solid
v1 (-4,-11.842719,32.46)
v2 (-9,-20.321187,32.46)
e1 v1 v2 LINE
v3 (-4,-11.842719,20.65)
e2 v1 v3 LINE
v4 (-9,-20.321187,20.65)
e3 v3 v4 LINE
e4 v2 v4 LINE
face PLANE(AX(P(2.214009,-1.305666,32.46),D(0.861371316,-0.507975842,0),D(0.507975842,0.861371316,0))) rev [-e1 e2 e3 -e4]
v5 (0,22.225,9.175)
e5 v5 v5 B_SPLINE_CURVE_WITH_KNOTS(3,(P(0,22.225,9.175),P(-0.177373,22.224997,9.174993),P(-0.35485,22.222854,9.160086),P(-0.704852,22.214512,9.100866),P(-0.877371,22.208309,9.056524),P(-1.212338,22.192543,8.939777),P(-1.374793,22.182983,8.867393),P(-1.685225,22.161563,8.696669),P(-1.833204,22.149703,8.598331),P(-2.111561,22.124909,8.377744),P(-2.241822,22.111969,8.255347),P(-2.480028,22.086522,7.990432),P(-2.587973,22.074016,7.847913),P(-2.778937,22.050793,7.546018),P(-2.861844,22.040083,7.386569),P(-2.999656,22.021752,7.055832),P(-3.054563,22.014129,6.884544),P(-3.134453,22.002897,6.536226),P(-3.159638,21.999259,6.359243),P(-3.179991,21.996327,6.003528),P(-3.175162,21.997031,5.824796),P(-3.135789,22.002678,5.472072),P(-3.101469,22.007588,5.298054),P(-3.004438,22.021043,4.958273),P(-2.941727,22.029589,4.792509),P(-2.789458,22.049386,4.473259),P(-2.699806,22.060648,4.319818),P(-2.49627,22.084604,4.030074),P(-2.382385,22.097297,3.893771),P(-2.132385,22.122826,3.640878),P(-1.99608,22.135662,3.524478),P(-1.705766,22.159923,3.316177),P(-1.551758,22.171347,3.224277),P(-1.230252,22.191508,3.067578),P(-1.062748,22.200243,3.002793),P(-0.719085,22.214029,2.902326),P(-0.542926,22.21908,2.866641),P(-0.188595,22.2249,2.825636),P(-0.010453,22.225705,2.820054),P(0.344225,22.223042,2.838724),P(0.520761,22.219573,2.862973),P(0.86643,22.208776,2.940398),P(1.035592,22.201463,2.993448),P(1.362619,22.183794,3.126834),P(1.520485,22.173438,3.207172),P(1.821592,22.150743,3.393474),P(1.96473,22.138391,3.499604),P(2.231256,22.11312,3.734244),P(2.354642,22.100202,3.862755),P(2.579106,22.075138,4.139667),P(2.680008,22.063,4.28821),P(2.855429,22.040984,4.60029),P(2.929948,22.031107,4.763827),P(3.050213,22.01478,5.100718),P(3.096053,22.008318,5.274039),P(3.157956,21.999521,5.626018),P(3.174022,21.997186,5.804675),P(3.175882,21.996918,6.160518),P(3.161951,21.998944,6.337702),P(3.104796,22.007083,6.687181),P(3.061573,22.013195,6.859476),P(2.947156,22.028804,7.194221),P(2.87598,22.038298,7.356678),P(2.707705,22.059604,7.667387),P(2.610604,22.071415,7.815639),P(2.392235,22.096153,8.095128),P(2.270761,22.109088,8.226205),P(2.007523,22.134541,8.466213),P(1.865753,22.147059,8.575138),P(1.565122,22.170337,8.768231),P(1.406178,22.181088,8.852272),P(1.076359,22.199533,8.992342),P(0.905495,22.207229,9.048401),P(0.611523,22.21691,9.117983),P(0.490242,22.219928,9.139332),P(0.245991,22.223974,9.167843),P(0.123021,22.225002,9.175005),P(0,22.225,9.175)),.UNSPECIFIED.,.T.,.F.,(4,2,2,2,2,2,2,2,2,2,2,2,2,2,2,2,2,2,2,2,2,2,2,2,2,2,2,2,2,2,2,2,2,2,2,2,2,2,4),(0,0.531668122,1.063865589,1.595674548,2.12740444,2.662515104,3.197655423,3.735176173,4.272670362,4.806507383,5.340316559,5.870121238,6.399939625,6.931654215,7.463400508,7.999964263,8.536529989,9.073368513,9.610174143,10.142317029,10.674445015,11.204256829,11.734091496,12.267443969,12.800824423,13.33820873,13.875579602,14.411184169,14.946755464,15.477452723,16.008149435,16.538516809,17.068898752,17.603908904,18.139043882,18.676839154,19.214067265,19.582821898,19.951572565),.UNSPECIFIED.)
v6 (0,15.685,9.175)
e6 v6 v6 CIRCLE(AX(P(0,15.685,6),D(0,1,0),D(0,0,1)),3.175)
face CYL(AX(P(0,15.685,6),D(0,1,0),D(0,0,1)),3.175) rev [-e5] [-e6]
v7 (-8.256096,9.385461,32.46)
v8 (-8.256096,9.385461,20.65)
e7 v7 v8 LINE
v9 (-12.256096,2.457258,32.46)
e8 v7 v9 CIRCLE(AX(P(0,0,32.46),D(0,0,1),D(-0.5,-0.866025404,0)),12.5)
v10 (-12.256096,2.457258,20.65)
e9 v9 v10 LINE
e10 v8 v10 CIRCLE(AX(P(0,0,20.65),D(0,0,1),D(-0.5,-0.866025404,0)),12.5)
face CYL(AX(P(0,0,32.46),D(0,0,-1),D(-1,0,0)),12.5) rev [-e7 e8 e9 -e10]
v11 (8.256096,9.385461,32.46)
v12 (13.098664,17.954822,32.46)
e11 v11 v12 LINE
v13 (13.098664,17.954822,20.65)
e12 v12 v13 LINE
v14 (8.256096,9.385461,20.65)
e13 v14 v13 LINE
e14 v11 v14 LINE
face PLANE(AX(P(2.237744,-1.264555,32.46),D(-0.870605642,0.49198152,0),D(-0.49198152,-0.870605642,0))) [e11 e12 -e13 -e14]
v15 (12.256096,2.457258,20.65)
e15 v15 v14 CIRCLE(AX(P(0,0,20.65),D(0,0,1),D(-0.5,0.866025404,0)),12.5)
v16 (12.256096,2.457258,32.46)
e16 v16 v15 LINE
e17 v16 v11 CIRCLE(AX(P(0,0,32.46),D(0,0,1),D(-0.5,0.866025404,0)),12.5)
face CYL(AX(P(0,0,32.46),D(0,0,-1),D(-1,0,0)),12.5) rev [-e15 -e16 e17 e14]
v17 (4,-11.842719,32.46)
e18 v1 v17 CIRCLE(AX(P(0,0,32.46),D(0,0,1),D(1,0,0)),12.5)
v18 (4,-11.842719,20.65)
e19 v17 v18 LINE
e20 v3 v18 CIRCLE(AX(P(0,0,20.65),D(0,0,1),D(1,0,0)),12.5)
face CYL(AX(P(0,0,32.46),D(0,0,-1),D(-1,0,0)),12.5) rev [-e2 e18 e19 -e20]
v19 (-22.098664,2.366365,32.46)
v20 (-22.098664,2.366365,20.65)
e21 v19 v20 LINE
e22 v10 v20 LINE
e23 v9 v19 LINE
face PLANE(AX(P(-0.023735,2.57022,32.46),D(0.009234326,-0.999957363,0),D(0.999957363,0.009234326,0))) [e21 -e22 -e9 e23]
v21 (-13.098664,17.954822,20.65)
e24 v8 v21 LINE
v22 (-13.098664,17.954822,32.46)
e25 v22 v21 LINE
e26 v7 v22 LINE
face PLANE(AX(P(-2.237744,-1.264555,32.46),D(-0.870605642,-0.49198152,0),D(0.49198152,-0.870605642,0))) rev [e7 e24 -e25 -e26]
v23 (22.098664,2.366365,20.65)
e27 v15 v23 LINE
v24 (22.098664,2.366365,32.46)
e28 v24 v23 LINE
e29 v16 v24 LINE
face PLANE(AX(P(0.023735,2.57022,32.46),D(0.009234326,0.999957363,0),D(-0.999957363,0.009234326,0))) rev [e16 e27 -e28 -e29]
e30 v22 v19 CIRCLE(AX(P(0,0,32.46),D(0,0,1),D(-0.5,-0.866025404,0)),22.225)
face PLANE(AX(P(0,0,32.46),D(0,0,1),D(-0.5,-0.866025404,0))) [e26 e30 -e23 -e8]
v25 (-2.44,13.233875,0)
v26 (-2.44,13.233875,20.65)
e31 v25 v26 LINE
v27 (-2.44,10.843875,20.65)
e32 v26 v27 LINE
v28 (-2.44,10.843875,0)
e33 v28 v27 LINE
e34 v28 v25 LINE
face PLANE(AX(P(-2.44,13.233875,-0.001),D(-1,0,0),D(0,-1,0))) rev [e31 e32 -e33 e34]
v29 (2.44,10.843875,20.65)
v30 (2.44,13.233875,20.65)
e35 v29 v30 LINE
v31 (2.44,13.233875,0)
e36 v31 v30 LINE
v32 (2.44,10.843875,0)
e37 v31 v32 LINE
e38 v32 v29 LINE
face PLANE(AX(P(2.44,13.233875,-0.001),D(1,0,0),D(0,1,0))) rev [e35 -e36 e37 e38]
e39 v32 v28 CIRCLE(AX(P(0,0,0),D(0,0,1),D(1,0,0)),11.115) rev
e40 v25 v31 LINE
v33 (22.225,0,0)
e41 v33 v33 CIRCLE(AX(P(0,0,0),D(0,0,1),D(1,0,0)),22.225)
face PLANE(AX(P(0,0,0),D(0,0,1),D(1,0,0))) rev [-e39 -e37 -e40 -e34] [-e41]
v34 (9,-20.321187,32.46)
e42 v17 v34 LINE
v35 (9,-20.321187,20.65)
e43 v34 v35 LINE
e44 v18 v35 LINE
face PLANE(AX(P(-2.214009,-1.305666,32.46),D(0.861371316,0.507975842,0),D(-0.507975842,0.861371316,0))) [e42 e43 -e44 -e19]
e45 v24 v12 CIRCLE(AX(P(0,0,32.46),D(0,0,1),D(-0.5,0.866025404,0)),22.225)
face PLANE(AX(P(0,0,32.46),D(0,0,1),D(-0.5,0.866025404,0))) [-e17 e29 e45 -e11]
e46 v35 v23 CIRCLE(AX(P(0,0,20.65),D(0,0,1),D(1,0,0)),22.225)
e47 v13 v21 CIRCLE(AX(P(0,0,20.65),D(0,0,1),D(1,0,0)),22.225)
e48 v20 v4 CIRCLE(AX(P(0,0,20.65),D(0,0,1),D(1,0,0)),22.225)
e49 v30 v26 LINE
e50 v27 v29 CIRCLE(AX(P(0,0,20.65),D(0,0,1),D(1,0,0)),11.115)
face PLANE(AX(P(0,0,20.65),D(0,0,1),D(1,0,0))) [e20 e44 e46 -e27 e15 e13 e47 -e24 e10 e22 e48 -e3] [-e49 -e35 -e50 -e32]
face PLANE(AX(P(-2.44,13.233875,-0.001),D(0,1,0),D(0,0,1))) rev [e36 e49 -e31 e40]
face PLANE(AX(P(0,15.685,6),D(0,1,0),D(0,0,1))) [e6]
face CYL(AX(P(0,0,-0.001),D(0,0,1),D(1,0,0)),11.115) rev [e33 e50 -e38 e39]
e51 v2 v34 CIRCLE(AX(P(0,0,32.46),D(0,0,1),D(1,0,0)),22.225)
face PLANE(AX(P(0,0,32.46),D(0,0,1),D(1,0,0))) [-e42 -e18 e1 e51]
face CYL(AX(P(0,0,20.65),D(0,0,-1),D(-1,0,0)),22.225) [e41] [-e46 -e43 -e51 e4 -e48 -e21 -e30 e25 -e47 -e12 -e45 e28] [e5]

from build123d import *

# Parameters (mm, degrees)
SZKIC1_R                    = 22.225
DODANIE_WYCI_GNI_CIE1_DEPTH = 20.65
WYTNIJ_WYCI_GNI_CIE1_REACH  = 39.607
DODANIE_WYCI_GNI_CIE2_DEPTH = 11.81
SZYK_KO_OWY1_COUNT          = 3
SZKIC4_R                    = 3.175
WYTNIJ_WYCI_GNI_CIE2_DEPTH  = 6.54


with BuildPart() as part:
    # Szkic1 → Dodanie-wyciągnięcie1 (new body)
    with BuildSketch(Plane.XY):
        with Locations(Location((0, 0, 0), (0, 0, 180))):
            Circle(SZKIC1_R)
    extrude(amount=DODANIE_WYCI_GNI_CIE1_DEPTH)

    # Szkic2 → Wytnij-wyciągnięcie1 (cut, up to next)
    with BuildSketch(Plane.XY.offset(20.65), mode=Mode.PRIVATE) as wytnij_wyci_gni_cie1_sk1:
        with BuildLine():
            Line((-2.44, 13.233874999), (2.44, 13.233874999))
            Line((2.44, 13.233874999), (2.44, 10.843874999))
            ThreePointArc((2.44, 10.843874999), (0, -11.115), (-2.44, 10.843874999))
            Line((-2.44, 10.843874999), (-2.44, 13.233874999))
        make_face()
    wytnij_wyci_gni_cie1_tool1 = extrude(wytnij_wyci_gni_cie1_sk1.sketch, amount=-WYTNIJ_WYCI_GNI_CIE1_REACH, mode=Mode.PRIVATE) & part.part
    add(wytnij_wyci_gni_cie1_tool1.solids().sort_by_distance((0, 0.327718, 20.65))[0], mode=Mode.SUBTRACT)

    # Szkic3 → Dodanie-wyciągnięcie2 (add)
    with BuildSketch(Plane.XY.offset(20.65)):
        with BuildLine():
            ThreePointArc((0, -12.5), (-2.026821276, -12.33458534), (-4, -11.842719282))
            Line((-4, -11.842719282), (-9, -20.321186604))
            ThreePointArc((-9, -20.321186604), (-4.599578933, -21.743838176), (0, -22.225))
            Line((0, -22.225), (0, -12.5))
        make_face()
        with BuildLine():
            ThreePointArc((4, -11.842719282), (2.026821276, -12.33458534), (0, -12.5))
            Line((0, -12.5), (0, -22.225))
            ThreePointArc((0, -22.225), (4.599578933, -21.743838176), (9, -20.321186604))
            Line((9, -20.321186604), (4, -11.842719282))
        make_face()
    dodanie_wyci_gni_cie2 = extrude(amount=DODANIE_WYCI_GNI_CIE2_DEPTH)

    # Szyk kołowy1: Dodanie-wyciągnięcie2 ×3 about axis
    szyk_ko_owy1_axis = Axis((0, 0, 0), (0, 0, 1))
    for i in range(1, SZYK_KO_OWY1_COUNT):
        add(dodanie_wyci_gni_cie2.rotate(szyk_ko_owy1_axis, i * 360 / SZYK_KO_OWY1_COUNT))

    # Szkic4 → Wytnij-wyciągnięcie2 (cut)
    with BuildSketch(Plane(origin=(0, 22.225, 0), x_dir=(1, 0, 0), z_dir=(0, 1, 0))):
        with Locations(Location((0, -6, 0), (0, 0, 270))):
            Circle(SZKIC4_R)
    extrude(amount=-WYTNIJ_WYCI_GNI_CIE2_DEPTH, mode=Mode.SUBTRACT)


solid = part.part
